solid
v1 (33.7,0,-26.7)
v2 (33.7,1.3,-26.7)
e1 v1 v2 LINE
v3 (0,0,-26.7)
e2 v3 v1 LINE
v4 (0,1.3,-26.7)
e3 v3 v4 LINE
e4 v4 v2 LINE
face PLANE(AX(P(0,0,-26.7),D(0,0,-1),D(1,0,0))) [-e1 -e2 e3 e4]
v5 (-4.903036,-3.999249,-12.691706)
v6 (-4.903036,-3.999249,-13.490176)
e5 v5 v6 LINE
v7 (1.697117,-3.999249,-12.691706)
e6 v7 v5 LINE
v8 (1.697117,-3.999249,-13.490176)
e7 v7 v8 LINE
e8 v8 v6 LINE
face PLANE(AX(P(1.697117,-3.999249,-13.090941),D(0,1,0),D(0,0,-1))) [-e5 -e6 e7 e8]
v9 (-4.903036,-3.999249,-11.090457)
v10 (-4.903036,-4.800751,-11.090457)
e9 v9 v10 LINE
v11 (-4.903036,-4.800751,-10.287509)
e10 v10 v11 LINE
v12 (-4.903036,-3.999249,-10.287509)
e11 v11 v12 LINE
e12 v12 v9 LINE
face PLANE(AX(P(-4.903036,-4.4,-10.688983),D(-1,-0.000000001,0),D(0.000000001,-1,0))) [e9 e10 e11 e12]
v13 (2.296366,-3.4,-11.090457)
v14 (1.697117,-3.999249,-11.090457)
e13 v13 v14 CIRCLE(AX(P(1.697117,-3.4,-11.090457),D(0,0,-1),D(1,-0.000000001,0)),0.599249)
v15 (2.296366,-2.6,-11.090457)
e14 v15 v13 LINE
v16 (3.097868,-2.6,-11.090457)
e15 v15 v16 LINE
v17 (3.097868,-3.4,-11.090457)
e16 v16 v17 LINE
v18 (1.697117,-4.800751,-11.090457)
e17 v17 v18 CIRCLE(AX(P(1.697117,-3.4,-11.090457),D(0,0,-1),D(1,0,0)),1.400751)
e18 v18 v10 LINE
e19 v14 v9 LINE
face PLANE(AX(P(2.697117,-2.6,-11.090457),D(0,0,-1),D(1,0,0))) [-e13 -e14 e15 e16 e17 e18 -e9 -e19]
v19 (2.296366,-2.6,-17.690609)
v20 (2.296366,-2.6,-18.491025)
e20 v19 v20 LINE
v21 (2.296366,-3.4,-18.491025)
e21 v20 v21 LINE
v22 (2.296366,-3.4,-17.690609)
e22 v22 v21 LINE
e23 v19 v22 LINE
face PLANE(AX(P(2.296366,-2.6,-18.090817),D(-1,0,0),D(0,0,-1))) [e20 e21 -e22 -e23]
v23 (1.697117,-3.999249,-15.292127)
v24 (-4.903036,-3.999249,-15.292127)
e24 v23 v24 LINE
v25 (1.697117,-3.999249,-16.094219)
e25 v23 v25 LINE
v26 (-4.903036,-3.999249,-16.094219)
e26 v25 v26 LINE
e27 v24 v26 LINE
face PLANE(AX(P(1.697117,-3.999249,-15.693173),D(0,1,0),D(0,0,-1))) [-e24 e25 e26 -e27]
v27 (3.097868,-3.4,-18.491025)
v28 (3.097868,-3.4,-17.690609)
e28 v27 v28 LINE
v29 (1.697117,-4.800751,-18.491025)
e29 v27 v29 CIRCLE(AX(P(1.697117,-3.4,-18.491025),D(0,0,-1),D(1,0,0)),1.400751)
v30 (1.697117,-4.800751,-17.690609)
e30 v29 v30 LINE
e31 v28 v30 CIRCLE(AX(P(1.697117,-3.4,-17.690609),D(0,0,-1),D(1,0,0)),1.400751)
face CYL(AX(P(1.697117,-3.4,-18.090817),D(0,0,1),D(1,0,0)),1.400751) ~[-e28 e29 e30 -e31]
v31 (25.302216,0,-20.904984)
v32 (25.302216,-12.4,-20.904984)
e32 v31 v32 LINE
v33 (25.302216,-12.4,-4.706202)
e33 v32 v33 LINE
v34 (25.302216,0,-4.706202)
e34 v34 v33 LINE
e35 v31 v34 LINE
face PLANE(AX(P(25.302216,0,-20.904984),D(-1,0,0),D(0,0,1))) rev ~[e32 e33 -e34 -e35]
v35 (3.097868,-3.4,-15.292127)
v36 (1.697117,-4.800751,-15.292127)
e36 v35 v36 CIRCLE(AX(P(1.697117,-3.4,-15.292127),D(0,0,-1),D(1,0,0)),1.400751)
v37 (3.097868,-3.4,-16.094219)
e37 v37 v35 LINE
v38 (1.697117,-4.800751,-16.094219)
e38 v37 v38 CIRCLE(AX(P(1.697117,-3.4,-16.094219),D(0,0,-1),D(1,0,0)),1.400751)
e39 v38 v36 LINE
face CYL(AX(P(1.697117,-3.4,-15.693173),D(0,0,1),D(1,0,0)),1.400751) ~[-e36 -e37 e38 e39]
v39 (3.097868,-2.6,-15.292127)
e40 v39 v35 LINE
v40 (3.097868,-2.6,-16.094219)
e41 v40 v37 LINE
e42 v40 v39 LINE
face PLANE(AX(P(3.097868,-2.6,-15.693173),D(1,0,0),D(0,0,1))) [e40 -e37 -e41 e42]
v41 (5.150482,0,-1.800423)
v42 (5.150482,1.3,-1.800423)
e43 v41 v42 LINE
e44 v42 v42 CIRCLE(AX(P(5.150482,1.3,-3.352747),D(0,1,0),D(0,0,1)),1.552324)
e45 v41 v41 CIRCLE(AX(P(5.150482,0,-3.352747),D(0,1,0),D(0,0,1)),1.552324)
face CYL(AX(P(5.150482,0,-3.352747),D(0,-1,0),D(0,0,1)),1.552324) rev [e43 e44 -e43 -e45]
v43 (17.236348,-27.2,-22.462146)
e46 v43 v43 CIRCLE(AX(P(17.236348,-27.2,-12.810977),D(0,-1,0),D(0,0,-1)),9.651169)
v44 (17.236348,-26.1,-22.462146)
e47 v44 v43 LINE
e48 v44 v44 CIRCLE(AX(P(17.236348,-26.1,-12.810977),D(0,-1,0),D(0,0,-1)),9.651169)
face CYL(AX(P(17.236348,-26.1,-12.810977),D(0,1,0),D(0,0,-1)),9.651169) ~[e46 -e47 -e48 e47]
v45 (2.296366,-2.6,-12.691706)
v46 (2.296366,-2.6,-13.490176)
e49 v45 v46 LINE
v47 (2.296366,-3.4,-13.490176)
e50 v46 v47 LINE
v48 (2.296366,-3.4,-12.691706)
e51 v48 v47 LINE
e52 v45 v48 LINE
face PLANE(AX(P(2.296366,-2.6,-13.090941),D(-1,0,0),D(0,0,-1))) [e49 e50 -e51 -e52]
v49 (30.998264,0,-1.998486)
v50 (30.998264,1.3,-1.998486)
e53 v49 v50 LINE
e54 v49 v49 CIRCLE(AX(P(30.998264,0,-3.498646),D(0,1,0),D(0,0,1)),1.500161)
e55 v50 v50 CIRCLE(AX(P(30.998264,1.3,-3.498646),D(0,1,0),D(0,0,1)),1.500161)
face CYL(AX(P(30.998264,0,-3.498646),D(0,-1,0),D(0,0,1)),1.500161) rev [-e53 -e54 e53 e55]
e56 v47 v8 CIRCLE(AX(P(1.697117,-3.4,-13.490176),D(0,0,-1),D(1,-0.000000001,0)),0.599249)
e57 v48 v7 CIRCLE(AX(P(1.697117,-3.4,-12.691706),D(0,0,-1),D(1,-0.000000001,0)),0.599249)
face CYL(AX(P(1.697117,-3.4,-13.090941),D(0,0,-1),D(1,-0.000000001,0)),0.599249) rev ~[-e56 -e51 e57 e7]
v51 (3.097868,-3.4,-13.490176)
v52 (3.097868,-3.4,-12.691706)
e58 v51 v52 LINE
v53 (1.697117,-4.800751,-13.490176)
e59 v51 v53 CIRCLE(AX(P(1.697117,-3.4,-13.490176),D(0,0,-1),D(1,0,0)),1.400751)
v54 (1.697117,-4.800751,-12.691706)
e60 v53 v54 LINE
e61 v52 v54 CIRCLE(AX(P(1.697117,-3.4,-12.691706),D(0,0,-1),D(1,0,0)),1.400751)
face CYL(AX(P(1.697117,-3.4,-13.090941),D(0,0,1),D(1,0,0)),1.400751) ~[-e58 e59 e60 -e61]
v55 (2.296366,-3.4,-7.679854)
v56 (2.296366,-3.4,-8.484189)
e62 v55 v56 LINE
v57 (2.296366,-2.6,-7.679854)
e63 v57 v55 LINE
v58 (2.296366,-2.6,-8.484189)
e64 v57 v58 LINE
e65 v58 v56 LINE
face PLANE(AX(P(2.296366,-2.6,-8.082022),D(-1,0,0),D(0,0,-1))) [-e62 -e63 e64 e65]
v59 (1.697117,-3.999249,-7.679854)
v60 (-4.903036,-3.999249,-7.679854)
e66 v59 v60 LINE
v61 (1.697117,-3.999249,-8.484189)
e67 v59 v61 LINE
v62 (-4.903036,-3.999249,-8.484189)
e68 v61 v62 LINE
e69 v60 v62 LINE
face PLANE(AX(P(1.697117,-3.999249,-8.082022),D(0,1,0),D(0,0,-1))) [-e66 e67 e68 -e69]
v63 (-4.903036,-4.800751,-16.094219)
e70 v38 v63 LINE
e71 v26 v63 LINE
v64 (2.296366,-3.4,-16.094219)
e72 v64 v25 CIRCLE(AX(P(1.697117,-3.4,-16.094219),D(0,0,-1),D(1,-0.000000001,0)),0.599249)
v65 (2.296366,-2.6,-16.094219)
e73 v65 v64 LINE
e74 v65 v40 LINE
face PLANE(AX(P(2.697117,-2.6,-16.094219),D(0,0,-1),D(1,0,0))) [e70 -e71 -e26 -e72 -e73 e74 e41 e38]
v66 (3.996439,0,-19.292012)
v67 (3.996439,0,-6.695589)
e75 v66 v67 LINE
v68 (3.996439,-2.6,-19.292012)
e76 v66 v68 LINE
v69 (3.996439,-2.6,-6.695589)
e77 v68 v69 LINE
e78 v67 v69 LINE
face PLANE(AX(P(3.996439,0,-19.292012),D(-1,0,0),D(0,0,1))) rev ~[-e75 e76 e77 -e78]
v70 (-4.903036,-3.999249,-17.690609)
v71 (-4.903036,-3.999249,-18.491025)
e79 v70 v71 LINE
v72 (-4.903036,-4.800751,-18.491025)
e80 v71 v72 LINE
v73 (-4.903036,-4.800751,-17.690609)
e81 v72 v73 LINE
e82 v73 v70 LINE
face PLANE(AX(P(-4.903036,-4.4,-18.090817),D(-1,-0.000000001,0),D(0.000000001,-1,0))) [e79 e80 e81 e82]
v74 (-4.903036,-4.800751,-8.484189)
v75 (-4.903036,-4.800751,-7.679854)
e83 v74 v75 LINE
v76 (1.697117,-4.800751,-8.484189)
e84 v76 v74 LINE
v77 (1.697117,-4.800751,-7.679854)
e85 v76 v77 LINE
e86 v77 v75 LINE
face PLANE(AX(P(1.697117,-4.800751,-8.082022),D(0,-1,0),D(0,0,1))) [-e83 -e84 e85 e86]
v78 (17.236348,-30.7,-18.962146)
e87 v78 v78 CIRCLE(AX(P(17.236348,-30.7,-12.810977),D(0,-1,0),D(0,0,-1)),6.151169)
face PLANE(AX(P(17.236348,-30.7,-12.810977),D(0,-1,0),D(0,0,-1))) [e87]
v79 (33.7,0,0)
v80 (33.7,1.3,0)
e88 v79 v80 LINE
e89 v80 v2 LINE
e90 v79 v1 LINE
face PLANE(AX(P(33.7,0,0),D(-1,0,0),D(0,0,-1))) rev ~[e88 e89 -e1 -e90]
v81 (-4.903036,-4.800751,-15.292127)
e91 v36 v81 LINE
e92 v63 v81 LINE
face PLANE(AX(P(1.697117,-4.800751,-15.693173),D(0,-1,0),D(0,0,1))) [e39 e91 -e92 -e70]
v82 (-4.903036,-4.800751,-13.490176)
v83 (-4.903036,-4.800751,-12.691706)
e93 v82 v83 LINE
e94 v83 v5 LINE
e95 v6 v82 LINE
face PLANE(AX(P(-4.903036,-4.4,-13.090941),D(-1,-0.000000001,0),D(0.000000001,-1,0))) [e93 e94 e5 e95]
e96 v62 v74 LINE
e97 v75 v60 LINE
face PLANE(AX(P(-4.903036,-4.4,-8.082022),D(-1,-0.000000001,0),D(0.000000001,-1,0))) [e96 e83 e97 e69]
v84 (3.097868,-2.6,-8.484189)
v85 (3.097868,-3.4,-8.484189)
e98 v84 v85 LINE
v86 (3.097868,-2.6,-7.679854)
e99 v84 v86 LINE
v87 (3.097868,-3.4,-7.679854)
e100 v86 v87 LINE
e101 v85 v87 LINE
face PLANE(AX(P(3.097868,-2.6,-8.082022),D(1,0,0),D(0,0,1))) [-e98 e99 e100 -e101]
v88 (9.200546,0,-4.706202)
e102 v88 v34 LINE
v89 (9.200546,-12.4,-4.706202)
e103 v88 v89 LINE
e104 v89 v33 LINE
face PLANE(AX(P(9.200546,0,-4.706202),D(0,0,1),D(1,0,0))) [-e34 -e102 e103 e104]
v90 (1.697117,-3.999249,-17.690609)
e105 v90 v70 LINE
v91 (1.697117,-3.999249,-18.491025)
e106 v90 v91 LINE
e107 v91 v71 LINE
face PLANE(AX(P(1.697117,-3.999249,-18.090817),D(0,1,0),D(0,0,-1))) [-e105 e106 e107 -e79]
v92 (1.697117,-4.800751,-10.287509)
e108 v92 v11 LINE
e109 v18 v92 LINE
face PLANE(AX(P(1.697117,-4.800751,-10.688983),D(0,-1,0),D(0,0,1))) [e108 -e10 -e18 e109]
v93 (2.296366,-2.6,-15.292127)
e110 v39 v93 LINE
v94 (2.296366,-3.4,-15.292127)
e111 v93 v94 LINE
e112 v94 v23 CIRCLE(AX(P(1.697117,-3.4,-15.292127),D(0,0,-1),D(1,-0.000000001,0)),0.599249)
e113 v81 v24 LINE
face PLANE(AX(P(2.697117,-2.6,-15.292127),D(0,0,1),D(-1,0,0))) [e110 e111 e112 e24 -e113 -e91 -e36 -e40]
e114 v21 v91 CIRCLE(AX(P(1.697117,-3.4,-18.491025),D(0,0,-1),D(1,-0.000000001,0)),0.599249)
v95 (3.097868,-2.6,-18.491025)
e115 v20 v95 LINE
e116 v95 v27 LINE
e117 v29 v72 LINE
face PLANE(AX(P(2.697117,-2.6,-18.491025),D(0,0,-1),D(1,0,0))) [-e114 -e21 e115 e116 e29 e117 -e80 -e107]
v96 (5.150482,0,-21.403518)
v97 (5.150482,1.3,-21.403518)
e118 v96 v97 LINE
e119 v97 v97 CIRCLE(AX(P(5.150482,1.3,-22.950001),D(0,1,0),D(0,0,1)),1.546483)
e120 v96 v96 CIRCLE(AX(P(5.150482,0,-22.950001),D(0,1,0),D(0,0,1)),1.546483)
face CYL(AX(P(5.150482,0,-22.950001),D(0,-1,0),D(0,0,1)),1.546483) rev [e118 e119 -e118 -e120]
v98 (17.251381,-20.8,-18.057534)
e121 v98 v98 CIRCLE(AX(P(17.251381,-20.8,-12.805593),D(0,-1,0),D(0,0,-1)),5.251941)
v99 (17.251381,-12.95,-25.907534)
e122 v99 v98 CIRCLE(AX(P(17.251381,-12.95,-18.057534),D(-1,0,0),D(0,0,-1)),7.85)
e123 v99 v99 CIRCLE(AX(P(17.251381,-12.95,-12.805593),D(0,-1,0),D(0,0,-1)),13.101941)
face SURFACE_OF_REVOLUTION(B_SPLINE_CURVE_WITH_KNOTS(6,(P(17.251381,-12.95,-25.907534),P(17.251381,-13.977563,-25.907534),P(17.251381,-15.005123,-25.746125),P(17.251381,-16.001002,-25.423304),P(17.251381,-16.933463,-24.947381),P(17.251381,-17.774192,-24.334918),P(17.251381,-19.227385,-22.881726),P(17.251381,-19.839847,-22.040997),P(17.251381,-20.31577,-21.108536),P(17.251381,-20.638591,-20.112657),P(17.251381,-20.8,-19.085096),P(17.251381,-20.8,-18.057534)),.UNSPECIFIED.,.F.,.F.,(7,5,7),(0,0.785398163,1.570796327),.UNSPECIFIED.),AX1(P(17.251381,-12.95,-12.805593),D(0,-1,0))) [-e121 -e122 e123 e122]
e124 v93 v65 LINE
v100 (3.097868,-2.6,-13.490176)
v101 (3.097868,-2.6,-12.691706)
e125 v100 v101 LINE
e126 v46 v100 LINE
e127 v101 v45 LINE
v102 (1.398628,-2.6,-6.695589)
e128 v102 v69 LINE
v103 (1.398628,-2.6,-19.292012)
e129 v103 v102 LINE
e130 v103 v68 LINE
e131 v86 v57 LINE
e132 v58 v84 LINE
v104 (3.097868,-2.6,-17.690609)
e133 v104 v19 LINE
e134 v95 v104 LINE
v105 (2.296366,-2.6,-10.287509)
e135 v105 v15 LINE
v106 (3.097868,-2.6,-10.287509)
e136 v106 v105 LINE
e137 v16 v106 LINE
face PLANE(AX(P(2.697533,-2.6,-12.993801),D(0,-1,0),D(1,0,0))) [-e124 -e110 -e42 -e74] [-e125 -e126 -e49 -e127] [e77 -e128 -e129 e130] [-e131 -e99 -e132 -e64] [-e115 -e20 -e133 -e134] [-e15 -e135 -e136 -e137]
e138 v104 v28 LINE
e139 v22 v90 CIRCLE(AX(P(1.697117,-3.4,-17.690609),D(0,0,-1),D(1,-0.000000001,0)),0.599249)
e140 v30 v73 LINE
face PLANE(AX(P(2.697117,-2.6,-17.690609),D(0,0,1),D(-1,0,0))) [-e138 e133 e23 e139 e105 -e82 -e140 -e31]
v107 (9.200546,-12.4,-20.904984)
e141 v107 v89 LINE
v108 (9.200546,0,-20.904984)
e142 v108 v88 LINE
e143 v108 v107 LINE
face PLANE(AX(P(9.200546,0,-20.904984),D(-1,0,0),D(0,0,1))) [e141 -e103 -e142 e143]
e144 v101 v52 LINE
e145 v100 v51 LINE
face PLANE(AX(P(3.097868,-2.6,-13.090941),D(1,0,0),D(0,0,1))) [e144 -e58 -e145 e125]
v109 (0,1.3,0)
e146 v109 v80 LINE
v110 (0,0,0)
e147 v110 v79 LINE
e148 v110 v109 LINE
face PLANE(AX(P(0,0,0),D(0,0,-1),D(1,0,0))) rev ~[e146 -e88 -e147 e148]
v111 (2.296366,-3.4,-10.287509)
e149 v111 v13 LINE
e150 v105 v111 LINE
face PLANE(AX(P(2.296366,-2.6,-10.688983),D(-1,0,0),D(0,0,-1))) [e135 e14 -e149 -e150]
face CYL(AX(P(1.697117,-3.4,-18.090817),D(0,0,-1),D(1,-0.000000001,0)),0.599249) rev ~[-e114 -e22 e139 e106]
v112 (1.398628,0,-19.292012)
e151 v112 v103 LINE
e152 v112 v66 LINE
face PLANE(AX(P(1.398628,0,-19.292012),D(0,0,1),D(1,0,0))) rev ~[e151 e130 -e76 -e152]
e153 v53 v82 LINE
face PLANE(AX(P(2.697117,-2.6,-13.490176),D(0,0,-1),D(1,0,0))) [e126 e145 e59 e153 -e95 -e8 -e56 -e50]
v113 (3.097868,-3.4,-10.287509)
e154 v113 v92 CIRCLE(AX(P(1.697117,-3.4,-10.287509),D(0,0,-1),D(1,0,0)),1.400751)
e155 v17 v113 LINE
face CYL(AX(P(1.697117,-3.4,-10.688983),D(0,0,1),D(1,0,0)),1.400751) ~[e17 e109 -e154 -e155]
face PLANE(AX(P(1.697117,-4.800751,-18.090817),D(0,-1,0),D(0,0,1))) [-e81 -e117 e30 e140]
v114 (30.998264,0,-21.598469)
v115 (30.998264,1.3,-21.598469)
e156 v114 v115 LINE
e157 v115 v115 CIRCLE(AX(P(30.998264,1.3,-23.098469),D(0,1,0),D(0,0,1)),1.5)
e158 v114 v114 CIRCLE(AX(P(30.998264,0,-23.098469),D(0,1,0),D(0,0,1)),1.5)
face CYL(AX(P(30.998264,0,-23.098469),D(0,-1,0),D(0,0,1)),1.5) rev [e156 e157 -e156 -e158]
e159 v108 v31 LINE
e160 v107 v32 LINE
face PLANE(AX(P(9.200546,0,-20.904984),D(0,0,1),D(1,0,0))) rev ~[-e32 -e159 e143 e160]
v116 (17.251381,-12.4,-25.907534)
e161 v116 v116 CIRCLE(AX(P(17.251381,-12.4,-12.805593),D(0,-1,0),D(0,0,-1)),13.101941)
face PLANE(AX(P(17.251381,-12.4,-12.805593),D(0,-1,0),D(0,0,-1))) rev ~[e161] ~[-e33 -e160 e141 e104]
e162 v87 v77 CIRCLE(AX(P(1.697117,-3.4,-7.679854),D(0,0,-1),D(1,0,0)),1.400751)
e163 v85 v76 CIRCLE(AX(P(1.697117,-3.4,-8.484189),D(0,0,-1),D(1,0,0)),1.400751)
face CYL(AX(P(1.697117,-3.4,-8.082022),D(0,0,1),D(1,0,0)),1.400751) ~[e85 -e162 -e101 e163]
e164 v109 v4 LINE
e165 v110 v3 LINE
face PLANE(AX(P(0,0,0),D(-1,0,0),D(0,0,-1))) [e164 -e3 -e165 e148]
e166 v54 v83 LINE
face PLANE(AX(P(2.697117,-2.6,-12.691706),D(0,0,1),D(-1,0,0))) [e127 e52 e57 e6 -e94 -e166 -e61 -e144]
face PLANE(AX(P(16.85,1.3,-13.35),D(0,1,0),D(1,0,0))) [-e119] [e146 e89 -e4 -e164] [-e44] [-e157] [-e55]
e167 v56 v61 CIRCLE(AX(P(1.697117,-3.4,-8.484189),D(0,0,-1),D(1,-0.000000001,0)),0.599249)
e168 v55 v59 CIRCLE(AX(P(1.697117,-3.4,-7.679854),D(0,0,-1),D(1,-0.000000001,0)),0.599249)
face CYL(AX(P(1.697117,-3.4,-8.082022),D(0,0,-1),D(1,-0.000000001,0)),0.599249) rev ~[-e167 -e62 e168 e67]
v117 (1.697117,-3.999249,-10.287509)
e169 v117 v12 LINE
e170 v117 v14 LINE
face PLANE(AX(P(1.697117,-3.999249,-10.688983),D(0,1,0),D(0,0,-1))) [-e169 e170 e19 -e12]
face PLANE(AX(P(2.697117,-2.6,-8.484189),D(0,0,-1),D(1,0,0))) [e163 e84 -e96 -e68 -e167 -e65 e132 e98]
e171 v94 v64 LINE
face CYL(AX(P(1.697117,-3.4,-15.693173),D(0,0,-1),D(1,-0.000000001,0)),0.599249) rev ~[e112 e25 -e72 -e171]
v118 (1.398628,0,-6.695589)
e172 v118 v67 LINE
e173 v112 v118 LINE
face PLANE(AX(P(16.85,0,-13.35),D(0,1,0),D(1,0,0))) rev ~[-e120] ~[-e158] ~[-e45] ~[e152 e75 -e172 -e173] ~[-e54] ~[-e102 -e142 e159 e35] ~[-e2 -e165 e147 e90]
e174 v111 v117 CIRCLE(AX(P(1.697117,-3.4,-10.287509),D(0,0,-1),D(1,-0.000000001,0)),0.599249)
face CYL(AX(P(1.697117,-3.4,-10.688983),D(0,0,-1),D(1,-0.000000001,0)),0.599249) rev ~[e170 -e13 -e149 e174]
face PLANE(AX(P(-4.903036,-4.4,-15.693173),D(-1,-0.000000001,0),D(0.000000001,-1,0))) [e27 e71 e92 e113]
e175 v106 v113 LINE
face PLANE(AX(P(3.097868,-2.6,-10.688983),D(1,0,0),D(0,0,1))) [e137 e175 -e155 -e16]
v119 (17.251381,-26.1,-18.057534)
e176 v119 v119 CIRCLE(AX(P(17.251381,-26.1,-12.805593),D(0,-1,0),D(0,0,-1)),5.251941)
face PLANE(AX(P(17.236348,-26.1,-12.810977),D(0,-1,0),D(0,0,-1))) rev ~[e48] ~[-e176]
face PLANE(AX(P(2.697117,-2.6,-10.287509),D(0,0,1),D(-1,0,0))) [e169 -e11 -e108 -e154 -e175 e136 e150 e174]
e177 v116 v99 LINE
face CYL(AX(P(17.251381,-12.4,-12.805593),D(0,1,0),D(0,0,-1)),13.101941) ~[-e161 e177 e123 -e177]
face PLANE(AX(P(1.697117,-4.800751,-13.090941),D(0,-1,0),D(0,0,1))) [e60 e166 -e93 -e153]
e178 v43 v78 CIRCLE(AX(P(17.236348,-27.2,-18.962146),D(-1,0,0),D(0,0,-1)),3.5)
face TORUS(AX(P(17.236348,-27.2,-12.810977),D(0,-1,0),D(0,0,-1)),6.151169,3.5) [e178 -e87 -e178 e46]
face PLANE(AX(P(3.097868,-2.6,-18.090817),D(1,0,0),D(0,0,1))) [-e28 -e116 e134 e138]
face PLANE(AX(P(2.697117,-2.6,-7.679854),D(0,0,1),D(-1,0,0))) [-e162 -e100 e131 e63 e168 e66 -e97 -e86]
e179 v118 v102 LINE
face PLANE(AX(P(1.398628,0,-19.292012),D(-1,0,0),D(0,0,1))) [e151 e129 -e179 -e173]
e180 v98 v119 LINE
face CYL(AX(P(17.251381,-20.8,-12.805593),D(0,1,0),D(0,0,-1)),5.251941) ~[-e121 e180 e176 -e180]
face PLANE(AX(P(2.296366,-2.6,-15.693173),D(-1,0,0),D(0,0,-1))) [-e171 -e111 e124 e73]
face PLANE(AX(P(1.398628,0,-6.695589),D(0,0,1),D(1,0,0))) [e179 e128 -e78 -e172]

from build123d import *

# Parameters (mm, degrees)
SKETCH_1_W      = 33.7
SKETCH_1_H      = 26.7
SKETCH_1_R      = 1.500160794
SKETCH_1_R_2    = 1.5
SKETCH_1_R_3    = 1.552324123
SKETCH_1_R_4    = 1.546482565
EXTRUDE_1_DEPTH = 1.3
SKETCH_2_W      = 2.597810981
SKETCH_2_H      = 12.596422695
EXTRUDE_3_DEPTH = 2.6
SKETCH_3_W      = 0.801502227
SKETCH_3_H      = 0.800416217
SKETCH_3_H_2    = 0.802091773
SKETCH_3_H_3    = 0.798469443
SKETCH_3_H_4    = 0.802947908
SKETCH_3_H_5    = 0.804334784
SKETCH_6_W      = 16.101670469
SKETCH_6_H      = 16.19878198
EXTRUDE_4_DEPTH = 12.4
SKETCH_7_R      = 13.101940721
EXTRUDE_5_DEPTH = 8.4
FILLET_1_R      = 7.85
SKETCH_9_R      = 5.251940721
EXTRUDE_6_DEPTH = 5.3
SKETCH_12_R     = 9.651169133
EXTRUDE_8_DEPTH = 4.6
FILLET_2_R      = 3.5


with BuildPart() as part:
    # Эскиз1 → Бобышка-Вытянуть1 (new body)
    with BuildSketch(Plane(origin=(0, 0, 0), x_dir=(1, 0, 0), z_dir=(0, 1, 0))):
        with Locations((16.85, 13.35)):
            Rectangle(SKETCH_1_W, SKETCH_1_H)
        with Locations(Location((30.998263896, 3.498646338, 0), (0, 0, 270))):
            Circle(SKETCH_1_R, mode=Mode.SUBTRACT)
        with Locations(Location((30.998263896, 23.098469173, 0), (0, 0, 270))):
            Circle(SKETCH_1_R_2, mode=Mode.SUBTRACT)
        with Locations(Location((5.150482455, 3.352746683, 0), (0, 0, 270))):
            Circle(SKETCH_1_R_3, mode=Mode.SUBTRACT)
        with Locations(Location((5.150482455, 22.950000581, 0), (0, 0, 270))):
            Circle(SKETCH_1_R_4, mode=Mode.SUBTRACT)
    extrude(amount=EXTRUDE_1_DEPTH)

    # Эскиз2 → Бобышка-Вытянуть3 (add)
    with BuildSketch(Plane.XZ):
        with Locations((2.697533257, -12.993800664)):
            Rectangle(SKETCH_2_W, SKETCH_2_H)
    extrude(amount=EXTRUDE_3_DEPTH)

    # По траектории3: sweep along a path in Эскиз4
    with BuildLine(Plane.XY) as sweep_3_path:
        Line((2.697117024, -2.6), (2.697117024, -3.4))
        ThreePointArc((2.697117024, -3.4), (2.404223805, -4.107106781), (1.697117024, -4.4))
        Line((1.697117024, -4.4), (-4.903035907, -4.4))
    # Эскиз3 → По траектории3 (sweep)
    with BuildSketch(Plane.XZ.offset(2.6)):
        with Locations((2.697117024, -18.090816879)):
            Rectangle(SKETCH_3_W, SKETCH_3_H)
        with Locations((2.697117024, -15.69317288)):
            Rectangle(SKETCH_3_W, SKETCH_3_H_2)
        with Locations((2.697117024, -13.090941171)):
            Rectangle(SKETCH_3_W, SKETCH_3_H_3)
        with Locations((2.697117024, -10.688983068)):
            Rectangle(SKETCH_3_W, SKETCH_3_H_4)
        with Locations((2.697117024, -8.082021693)):
            Rectangle(SKETCH_3_W, SKETCH_3_H_5)
    sweep(path=sweep_3_path.line)

    # Эскиз6 → Бобышка-Вытянуть4 (add)
    with BuildSketch(Plane.XZ):
        with Locations((17.251381143, -12.805593049)):
            Rectangle(SKETCH_6_W, SKETCH_6_H)
    extrude(amount=EXTRUDE_4_DEPTH)

    # Эскиз7 → Бобышка-Вытянуть5 (add)
    with BuildSketch(Plane.XZ.offset(12.4)):
        with Locations(Location((17.251381142, -12.805593049, 0), (0, 0, 270))):
            Circle(SKETCH_7_R)
    extrude(amount=EXTRUDE_5_DEPTH)

    # Скругление1
    fillet_1_edges = [part.edges().sort_by_distance(p)[0] for p in [
        (17.251381142, -20.8, 0.296347672),
    ]]
    fillet(fillet_1_edges, radius=FILLET_1_R)

    # Эскиз9 → Бобышка-Вытянуть6 (add)
    with BuildSketch(Plane.XZ.offset(20.8)):
        with Locations(Location((17.251381142, -12.805593049, 0), (0, 0, 270))):
            Circle(SKETCH_9_R)
    extrude(amount=EXTRUDE_6_DEPTH)

    # Эскиз12 → Бобышка-Вытянуть8 (add)
    with BuildSketch(Plane.XZ.offset(26.1)):
        with Locations(Location((17.236348133, -12.810976669, 0), (0, 0, 270))):
            Circle(SKETCH_12_R)
    extrude(amount=EXTRUDE_8_DEPTH)

    # Скругление2
    fillet_2_edges = [part.edges().sort_by_distance(p)[0] for p in [
        (17.236348133, -30.7, -3.159807536),
    ]]
    fillet(fillet_2_edges, radius=FILLET_2_R)


solid = part.part
